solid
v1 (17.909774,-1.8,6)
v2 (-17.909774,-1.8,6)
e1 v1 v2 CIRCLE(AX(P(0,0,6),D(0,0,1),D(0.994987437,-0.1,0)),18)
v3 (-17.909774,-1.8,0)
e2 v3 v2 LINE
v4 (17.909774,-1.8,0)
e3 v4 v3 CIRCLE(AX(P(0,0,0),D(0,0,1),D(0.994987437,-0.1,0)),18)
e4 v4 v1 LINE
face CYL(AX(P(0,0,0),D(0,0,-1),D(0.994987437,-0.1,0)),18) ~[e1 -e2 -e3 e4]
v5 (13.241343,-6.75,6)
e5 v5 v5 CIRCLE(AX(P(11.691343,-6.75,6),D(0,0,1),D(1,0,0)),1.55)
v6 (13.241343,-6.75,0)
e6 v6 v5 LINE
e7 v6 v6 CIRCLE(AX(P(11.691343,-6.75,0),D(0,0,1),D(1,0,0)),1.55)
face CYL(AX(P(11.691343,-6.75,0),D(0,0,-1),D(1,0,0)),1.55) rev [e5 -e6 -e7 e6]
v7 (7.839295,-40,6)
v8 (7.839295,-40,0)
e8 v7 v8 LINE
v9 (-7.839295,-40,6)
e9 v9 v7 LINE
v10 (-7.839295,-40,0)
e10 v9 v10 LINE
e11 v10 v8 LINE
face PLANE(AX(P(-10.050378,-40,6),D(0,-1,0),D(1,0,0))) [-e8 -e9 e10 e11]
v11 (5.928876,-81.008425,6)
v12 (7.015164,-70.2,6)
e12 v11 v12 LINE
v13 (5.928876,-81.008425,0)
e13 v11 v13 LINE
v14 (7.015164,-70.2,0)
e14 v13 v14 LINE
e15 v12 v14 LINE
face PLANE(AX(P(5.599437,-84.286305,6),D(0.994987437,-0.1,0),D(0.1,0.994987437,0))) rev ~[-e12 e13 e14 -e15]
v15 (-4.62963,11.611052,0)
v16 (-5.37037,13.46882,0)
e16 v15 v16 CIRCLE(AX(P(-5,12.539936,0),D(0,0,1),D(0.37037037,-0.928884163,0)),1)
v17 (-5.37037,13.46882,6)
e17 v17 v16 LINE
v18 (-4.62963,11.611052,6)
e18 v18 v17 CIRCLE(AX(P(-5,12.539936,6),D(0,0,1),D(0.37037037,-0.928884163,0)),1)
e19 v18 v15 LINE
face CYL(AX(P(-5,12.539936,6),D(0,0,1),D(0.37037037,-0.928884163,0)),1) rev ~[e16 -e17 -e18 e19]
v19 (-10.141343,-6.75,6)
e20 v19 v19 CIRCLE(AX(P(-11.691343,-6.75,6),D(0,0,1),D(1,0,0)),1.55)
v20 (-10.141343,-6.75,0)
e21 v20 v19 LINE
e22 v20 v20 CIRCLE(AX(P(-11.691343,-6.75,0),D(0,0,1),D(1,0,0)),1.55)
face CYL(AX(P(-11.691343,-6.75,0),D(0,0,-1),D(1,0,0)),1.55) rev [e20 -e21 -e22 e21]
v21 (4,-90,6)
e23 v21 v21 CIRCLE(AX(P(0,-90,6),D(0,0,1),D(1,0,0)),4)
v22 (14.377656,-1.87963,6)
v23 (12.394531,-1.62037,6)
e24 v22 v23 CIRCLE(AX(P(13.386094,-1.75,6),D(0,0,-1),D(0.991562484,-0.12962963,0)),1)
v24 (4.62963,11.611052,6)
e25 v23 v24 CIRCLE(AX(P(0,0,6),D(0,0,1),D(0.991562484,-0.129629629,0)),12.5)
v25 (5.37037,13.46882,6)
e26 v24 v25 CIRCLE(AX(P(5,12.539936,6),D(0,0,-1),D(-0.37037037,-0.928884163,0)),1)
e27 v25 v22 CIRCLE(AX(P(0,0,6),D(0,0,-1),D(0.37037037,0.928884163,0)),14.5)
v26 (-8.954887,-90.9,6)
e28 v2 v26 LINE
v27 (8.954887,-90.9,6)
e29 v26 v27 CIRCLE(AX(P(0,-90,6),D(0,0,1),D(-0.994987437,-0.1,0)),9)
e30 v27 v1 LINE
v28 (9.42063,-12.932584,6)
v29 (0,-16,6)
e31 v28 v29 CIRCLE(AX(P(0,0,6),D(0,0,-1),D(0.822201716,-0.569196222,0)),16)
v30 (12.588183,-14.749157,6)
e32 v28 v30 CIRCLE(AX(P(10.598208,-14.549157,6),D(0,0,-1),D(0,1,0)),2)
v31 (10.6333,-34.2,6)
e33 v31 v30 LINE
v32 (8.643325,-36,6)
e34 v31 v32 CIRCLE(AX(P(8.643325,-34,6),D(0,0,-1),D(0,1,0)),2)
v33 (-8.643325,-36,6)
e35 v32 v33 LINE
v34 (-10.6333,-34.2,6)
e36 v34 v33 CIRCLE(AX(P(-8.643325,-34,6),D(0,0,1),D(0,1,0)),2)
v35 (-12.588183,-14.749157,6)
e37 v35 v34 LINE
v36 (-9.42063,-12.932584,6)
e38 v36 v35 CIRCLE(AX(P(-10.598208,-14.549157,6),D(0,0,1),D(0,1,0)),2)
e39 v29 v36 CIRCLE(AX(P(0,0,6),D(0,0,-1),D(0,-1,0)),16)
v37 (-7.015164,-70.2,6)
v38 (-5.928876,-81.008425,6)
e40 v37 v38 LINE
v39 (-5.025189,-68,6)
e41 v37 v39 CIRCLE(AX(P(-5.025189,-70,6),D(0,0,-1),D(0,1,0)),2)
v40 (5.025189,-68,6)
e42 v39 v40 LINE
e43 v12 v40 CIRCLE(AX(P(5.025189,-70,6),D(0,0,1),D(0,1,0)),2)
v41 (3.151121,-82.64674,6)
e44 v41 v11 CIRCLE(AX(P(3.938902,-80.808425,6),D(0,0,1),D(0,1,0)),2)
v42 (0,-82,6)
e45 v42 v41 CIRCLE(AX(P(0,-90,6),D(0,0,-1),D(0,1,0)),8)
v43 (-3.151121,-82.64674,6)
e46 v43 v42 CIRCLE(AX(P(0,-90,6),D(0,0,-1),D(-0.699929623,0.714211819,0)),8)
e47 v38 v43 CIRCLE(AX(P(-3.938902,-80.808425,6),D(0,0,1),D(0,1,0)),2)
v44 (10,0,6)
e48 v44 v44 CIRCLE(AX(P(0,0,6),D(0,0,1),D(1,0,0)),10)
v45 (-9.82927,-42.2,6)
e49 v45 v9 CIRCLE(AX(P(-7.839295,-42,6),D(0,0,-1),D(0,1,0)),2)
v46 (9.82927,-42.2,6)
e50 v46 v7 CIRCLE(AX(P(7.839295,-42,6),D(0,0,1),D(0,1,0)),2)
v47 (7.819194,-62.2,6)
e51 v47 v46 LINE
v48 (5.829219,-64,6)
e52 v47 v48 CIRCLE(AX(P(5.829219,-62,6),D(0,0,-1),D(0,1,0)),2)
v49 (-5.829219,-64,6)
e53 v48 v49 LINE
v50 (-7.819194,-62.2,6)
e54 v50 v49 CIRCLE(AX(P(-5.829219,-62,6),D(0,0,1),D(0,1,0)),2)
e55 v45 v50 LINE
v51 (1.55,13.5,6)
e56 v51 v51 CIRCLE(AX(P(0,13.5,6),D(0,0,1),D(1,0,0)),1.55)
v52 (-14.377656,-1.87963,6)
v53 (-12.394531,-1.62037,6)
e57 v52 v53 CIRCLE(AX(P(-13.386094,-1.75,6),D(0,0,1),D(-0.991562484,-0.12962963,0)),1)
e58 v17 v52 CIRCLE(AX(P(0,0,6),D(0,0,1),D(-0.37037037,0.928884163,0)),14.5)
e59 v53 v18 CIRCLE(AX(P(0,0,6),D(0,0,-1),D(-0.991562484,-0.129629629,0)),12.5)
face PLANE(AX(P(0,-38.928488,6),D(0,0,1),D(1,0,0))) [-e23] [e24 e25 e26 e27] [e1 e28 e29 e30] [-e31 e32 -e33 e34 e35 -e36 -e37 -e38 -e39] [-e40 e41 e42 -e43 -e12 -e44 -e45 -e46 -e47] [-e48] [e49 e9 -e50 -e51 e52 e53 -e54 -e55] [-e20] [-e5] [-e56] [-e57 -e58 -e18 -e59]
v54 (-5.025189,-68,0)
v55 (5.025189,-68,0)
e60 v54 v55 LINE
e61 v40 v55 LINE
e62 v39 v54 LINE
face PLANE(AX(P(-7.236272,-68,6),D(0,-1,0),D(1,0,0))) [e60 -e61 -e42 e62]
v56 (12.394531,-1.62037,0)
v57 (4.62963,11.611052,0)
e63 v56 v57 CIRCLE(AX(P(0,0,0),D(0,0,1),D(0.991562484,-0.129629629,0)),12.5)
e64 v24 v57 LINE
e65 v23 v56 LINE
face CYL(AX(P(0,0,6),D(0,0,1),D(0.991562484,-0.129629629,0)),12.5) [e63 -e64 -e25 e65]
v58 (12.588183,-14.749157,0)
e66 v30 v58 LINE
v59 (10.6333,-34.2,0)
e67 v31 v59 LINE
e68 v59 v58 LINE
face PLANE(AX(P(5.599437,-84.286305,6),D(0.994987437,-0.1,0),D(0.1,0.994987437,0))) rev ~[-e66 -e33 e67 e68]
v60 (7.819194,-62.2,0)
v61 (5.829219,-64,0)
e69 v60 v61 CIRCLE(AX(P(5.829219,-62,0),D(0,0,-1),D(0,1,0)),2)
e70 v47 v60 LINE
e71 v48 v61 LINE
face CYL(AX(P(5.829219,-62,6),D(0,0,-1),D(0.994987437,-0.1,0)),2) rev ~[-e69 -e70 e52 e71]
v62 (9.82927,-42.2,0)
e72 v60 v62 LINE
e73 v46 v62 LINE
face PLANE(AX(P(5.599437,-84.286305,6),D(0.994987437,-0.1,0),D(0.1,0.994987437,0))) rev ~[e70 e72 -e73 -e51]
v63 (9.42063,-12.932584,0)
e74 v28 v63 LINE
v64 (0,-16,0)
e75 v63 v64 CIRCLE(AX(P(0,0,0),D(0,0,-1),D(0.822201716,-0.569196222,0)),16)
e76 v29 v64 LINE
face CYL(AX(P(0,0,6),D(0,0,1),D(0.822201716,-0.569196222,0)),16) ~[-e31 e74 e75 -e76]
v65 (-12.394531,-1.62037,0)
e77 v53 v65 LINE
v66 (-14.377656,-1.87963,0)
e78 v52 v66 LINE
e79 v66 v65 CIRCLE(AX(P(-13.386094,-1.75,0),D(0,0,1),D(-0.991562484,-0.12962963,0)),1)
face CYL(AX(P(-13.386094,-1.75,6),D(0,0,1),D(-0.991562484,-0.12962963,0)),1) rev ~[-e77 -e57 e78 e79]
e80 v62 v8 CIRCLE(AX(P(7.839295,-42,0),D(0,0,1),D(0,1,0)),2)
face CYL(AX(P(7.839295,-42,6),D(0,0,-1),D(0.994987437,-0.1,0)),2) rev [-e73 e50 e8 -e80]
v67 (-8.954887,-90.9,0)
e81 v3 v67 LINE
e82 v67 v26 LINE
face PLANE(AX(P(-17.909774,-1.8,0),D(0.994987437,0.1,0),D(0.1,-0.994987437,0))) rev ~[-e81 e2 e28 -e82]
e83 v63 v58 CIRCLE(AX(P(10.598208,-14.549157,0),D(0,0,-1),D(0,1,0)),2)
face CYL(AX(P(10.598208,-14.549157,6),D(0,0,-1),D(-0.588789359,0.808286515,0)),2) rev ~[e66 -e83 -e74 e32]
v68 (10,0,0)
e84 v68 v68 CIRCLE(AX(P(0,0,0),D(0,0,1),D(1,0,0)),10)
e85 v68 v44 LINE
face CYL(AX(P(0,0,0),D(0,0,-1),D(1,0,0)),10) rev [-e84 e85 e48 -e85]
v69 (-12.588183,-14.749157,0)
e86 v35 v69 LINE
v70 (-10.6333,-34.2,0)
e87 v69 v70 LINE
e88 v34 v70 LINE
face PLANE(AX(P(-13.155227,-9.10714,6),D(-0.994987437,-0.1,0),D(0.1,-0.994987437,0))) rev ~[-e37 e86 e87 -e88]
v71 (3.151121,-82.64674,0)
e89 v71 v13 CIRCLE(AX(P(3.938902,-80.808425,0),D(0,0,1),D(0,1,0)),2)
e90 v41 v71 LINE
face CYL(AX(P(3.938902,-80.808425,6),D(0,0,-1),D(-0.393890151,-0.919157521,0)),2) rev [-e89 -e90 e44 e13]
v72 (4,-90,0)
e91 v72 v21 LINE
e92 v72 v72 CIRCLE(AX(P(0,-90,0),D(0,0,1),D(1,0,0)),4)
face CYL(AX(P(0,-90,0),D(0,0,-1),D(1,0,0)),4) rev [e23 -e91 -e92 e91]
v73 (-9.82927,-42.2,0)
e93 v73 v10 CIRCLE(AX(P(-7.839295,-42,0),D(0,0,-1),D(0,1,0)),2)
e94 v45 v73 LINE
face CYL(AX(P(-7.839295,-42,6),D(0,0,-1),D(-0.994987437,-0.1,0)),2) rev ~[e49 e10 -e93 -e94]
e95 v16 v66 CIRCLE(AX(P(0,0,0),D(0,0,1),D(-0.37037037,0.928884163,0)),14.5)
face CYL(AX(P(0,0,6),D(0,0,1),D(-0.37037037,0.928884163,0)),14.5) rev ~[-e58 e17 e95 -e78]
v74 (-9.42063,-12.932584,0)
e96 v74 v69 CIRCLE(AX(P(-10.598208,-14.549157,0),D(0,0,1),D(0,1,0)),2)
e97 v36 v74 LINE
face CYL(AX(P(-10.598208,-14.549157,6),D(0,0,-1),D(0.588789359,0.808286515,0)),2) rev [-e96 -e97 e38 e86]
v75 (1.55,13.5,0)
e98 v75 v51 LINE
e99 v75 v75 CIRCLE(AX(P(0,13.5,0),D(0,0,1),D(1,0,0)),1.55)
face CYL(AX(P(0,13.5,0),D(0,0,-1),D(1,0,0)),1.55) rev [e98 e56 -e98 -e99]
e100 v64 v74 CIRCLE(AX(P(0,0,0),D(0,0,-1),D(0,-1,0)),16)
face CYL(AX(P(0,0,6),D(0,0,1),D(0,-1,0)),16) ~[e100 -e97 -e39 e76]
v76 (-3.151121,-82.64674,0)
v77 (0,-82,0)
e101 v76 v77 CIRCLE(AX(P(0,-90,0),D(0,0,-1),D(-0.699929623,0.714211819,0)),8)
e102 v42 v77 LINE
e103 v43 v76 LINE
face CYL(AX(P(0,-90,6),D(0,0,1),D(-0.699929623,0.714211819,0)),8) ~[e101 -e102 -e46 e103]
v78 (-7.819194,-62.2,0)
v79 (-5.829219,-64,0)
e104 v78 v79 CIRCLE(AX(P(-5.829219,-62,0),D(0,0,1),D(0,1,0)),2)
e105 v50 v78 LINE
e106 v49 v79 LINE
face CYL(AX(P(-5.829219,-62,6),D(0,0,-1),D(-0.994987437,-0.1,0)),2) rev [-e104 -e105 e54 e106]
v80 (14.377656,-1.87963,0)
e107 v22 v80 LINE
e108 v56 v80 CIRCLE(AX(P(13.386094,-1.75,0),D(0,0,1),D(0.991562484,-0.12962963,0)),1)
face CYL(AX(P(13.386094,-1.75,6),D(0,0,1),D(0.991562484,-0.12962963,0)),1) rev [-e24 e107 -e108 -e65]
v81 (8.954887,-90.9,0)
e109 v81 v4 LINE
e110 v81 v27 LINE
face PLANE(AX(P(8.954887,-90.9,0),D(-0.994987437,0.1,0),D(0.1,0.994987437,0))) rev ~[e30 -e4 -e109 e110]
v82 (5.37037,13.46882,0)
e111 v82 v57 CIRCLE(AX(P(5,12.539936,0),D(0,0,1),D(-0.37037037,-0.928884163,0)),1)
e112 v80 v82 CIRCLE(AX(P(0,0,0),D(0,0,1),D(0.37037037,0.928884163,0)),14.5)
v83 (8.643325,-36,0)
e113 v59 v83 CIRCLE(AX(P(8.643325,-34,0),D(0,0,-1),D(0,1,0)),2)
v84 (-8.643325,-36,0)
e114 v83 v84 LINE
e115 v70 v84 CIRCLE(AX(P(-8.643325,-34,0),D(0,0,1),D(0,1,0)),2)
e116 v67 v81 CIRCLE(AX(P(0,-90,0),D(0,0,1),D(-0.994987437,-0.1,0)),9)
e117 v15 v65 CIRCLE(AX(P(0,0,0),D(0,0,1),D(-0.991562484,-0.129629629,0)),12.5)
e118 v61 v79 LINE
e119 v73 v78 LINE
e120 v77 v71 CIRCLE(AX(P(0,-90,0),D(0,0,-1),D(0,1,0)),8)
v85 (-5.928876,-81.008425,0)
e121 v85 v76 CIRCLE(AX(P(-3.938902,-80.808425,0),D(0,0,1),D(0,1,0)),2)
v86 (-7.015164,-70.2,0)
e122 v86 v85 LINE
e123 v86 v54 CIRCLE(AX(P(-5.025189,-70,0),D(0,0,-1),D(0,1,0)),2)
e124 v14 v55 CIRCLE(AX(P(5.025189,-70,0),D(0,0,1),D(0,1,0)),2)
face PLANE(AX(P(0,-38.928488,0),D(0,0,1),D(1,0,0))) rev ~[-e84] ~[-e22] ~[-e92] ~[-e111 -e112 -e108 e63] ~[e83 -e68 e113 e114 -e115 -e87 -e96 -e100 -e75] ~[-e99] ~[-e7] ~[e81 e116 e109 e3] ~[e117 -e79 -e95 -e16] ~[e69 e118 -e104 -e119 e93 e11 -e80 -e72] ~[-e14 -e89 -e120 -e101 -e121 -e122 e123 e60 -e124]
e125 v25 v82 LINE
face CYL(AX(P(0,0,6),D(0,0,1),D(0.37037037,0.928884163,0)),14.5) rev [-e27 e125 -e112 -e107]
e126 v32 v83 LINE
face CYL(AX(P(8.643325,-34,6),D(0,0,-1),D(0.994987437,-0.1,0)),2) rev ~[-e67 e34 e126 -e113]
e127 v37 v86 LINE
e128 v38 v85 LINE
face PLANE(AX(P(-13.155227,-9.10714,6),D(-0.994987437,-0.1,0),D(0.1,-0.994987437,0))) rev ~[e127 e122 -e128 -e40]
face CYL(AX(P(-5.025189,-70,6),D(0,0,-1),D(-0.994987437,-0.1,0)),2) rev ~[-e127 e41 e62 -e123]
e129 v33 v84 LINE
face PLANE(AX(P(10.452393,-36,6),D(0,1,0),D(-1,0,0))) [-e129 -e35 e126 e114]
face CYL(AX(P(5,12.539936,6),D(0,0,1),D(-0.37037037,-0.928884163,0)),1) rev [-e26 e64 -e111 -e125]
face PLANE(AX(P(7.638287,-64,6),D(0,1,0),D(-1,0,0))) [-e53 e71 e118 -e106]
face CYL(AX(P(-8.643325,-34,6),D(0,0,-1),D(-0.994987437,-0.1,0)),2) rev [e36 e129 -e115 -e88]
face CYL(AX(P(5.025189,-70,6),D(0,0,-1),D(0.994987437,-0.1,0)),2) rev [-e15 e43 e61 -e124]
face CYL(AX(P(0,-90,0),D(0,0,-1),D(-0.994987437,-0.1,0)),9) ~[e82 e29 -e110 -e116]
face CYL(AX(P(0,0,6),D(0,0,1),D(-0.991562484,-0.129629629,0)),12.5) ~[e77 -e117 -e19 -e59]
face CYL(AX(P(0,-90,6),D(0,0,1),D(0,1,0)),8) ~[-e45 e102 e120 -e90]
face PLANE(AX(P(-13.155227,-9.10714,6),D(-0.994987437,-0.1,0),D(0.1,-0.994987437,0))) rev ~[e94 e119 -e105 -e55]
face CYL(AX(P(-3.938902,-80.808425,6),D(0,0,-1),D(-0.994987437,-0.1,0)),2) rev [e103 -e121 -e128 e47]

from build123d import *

# Parameters (mm, degrees)
SKETCH_1_R          = 4
SKETCH_1_R_2        = 1.55
SKETCH_1_R_3        = 10
EXTRUDE_1_DEPTH     = 6
CUT_EXTRUDE_1_DEPTH = 6
EXTRUDE_2_DEPTH     = 6
FILLET_1_R          = 2
CUT_EXTRUDE_2_DEPTH = 10


with BuildPart() as part:
    # 草图1 → 凸台-拉伸1 (new body)
    with BuildSketch(Plane.XY):
        with BuildLine():
            ThreePointArc((17.909773868, -1.8), (0, 18), (-17.909773868, -1.8))
            Line((-17.909773868, -1.8), (-8.954886934, -90.9))
            ThreePointArc((-8.954886934, -90.9), (0, -99), (8.954886934, -90.9))
            Line((8.954886934, -90.9), (17.909773868, -1.8))
        make_face()
        with Locations((0, -90)):
            Circle(SKETCH_1_R, mode=Mode.SUBTRACT)
        with Locations((-11.691342951, -6.75)):
            Circle(SKETCH_1_R_2, mode=Mode.SUBTRACT)
        with Locations((11.691342951, -6.75)):
            Circle(SKETCH_1_R_2, mode=Mode.SUBTRACT)
        Circle(SKETCH_1_R_3, mode=Mode.SUBTRACT)
        with Locations((0, 13.5)):
            Circle(SKETCH_1_R_2, mode=Mode.SUBTRACT)
    extrude(amount=EXTRUDE_1_DEPTH)

    # 草图2 → 切除-拉伸1 (cut)
    with BuildSketch(Plane.XY.offset(6)):
        with BuildLine():
            ThreePointArc((13.15522745, -9.107139547), (7.425825451, -14.172406866), (0, -16))
            Line((0, -16), (0, -82))
            ThreePointArc((0, -82), (3.024106775, -82.593598835), (5.599436985, -84.286305447))
            Line((5.599436985, -84.286305447), (13.15522745, -9.107139547))
        make_face()
        with BuildLine():
            ThreePointArc((0, -16), (-7.425825451, -14.172406866), (-13.15522745, -9.107139547))
            Line((-13.15522745, -9.107139547), (-5.599436985, -84.286305447))
            ThreePointArc((-5.599436985, -84.286305447), (-3.024106775, -82.593598835), (0, -82))
            Line((0, -82), (0, -16))
        make_face()
    extrude(amount=-CUT_EXTRUDE_1_DEPTH, mode=Mode.SUBTRACT)

    # 草图3 → 凸台-拉伸2 (add)
    with BuildSketch(Plane.XY.offset(6)):
        Polygon((10.251385716, -38), (-10.251385716, -38), (-10.050378153, -40), (10.050378153, -40), align=None)
        Polygon((-10.452393279, -36), (-10.251385716, -38), (10.251385716, -38), (10.452393279, -36), align=None)
        Polygon((7.437279833, -66), (-7.437279833, -66), (-7.23627227, -68), (7.23627227, -68), align=None)
        Polygon((7.638287396, -64), (-7.638287396, -64), (-7.437279833, -66), (7.437279833, -66), align=None)
    extrude(amount=-EXTRUDE_2_DEPTH)

    # 圆角1
    fillet_1_edges = [part.edges().sort_by_distance(p)[0] for p in [
        (-13.15522745, -9.107139547, 3),
        (13.15522745, -9.107139547, 3),
        (5.599436985, -84.286305447, 3),
        (-5.599436985, -84.286305447, 3),
        (-10.050378153, -40, 3),
        (-10.452393279, -36, 3),
        (10.452393279, -36, 3),
        (10.050378153, -40, 3),
        (-7.23627227, -68, 3),
        (-7.638287396, -64, 3),
        (7.638287396, -64, 3),
        (7.23627227, -68, 3),
    ]]
    fillet(fillet_1_edges, radius=FILLET_1_R)

    # 草图4 → 切除-拉伸2 (cut)
    with BuildSketch(Plane.XY.offset(6)):
        with BuildLine():
            ThreePointArc((-4.62962963, 11.611052041), (-4.071115837, 12.910306574), (-5.37037037, 13.468820367))
            ThreePointArc((-5.37037037, 13.468820367), (-12.505593382, 7.338946393), (-14.377656014, -1.87962963))
            ThreePointArc((-14.377656014, -1.87962963), (-13.256463901, -2.741562484), (-12.394531047, -1.62037037))
            ThreePointArc((-12.394531047, -1.62037037), (-10.78068395, 6.326677925), (-4.62962963, 11.611052041))
        make_face()
        with BuildLine():
            ThreePointArc((5.37037037, 13.468820367), (12.505593382, 7.338946393), (14.377656014, -1.87962963))
            ThreePointArc((14.377656014, -1.87962963), (13.256463901, -2.741562484), (12.394531047, -1.62037037))
            ThreePointArc((12.394531047, -1.62037037), (10.78068395, 6.326677925), (4.62962963, 11.611052041))
            ThreePointArc((4.62962963, 11.611052041), (4.071115837, 12.910306574), (5.37037037, 13.468820367))
        make_face()
    extrude(amount=-CUT_EXTRUDE_2_DEPTH, mode=Mode.SUBTRACT)


solid = part.part
